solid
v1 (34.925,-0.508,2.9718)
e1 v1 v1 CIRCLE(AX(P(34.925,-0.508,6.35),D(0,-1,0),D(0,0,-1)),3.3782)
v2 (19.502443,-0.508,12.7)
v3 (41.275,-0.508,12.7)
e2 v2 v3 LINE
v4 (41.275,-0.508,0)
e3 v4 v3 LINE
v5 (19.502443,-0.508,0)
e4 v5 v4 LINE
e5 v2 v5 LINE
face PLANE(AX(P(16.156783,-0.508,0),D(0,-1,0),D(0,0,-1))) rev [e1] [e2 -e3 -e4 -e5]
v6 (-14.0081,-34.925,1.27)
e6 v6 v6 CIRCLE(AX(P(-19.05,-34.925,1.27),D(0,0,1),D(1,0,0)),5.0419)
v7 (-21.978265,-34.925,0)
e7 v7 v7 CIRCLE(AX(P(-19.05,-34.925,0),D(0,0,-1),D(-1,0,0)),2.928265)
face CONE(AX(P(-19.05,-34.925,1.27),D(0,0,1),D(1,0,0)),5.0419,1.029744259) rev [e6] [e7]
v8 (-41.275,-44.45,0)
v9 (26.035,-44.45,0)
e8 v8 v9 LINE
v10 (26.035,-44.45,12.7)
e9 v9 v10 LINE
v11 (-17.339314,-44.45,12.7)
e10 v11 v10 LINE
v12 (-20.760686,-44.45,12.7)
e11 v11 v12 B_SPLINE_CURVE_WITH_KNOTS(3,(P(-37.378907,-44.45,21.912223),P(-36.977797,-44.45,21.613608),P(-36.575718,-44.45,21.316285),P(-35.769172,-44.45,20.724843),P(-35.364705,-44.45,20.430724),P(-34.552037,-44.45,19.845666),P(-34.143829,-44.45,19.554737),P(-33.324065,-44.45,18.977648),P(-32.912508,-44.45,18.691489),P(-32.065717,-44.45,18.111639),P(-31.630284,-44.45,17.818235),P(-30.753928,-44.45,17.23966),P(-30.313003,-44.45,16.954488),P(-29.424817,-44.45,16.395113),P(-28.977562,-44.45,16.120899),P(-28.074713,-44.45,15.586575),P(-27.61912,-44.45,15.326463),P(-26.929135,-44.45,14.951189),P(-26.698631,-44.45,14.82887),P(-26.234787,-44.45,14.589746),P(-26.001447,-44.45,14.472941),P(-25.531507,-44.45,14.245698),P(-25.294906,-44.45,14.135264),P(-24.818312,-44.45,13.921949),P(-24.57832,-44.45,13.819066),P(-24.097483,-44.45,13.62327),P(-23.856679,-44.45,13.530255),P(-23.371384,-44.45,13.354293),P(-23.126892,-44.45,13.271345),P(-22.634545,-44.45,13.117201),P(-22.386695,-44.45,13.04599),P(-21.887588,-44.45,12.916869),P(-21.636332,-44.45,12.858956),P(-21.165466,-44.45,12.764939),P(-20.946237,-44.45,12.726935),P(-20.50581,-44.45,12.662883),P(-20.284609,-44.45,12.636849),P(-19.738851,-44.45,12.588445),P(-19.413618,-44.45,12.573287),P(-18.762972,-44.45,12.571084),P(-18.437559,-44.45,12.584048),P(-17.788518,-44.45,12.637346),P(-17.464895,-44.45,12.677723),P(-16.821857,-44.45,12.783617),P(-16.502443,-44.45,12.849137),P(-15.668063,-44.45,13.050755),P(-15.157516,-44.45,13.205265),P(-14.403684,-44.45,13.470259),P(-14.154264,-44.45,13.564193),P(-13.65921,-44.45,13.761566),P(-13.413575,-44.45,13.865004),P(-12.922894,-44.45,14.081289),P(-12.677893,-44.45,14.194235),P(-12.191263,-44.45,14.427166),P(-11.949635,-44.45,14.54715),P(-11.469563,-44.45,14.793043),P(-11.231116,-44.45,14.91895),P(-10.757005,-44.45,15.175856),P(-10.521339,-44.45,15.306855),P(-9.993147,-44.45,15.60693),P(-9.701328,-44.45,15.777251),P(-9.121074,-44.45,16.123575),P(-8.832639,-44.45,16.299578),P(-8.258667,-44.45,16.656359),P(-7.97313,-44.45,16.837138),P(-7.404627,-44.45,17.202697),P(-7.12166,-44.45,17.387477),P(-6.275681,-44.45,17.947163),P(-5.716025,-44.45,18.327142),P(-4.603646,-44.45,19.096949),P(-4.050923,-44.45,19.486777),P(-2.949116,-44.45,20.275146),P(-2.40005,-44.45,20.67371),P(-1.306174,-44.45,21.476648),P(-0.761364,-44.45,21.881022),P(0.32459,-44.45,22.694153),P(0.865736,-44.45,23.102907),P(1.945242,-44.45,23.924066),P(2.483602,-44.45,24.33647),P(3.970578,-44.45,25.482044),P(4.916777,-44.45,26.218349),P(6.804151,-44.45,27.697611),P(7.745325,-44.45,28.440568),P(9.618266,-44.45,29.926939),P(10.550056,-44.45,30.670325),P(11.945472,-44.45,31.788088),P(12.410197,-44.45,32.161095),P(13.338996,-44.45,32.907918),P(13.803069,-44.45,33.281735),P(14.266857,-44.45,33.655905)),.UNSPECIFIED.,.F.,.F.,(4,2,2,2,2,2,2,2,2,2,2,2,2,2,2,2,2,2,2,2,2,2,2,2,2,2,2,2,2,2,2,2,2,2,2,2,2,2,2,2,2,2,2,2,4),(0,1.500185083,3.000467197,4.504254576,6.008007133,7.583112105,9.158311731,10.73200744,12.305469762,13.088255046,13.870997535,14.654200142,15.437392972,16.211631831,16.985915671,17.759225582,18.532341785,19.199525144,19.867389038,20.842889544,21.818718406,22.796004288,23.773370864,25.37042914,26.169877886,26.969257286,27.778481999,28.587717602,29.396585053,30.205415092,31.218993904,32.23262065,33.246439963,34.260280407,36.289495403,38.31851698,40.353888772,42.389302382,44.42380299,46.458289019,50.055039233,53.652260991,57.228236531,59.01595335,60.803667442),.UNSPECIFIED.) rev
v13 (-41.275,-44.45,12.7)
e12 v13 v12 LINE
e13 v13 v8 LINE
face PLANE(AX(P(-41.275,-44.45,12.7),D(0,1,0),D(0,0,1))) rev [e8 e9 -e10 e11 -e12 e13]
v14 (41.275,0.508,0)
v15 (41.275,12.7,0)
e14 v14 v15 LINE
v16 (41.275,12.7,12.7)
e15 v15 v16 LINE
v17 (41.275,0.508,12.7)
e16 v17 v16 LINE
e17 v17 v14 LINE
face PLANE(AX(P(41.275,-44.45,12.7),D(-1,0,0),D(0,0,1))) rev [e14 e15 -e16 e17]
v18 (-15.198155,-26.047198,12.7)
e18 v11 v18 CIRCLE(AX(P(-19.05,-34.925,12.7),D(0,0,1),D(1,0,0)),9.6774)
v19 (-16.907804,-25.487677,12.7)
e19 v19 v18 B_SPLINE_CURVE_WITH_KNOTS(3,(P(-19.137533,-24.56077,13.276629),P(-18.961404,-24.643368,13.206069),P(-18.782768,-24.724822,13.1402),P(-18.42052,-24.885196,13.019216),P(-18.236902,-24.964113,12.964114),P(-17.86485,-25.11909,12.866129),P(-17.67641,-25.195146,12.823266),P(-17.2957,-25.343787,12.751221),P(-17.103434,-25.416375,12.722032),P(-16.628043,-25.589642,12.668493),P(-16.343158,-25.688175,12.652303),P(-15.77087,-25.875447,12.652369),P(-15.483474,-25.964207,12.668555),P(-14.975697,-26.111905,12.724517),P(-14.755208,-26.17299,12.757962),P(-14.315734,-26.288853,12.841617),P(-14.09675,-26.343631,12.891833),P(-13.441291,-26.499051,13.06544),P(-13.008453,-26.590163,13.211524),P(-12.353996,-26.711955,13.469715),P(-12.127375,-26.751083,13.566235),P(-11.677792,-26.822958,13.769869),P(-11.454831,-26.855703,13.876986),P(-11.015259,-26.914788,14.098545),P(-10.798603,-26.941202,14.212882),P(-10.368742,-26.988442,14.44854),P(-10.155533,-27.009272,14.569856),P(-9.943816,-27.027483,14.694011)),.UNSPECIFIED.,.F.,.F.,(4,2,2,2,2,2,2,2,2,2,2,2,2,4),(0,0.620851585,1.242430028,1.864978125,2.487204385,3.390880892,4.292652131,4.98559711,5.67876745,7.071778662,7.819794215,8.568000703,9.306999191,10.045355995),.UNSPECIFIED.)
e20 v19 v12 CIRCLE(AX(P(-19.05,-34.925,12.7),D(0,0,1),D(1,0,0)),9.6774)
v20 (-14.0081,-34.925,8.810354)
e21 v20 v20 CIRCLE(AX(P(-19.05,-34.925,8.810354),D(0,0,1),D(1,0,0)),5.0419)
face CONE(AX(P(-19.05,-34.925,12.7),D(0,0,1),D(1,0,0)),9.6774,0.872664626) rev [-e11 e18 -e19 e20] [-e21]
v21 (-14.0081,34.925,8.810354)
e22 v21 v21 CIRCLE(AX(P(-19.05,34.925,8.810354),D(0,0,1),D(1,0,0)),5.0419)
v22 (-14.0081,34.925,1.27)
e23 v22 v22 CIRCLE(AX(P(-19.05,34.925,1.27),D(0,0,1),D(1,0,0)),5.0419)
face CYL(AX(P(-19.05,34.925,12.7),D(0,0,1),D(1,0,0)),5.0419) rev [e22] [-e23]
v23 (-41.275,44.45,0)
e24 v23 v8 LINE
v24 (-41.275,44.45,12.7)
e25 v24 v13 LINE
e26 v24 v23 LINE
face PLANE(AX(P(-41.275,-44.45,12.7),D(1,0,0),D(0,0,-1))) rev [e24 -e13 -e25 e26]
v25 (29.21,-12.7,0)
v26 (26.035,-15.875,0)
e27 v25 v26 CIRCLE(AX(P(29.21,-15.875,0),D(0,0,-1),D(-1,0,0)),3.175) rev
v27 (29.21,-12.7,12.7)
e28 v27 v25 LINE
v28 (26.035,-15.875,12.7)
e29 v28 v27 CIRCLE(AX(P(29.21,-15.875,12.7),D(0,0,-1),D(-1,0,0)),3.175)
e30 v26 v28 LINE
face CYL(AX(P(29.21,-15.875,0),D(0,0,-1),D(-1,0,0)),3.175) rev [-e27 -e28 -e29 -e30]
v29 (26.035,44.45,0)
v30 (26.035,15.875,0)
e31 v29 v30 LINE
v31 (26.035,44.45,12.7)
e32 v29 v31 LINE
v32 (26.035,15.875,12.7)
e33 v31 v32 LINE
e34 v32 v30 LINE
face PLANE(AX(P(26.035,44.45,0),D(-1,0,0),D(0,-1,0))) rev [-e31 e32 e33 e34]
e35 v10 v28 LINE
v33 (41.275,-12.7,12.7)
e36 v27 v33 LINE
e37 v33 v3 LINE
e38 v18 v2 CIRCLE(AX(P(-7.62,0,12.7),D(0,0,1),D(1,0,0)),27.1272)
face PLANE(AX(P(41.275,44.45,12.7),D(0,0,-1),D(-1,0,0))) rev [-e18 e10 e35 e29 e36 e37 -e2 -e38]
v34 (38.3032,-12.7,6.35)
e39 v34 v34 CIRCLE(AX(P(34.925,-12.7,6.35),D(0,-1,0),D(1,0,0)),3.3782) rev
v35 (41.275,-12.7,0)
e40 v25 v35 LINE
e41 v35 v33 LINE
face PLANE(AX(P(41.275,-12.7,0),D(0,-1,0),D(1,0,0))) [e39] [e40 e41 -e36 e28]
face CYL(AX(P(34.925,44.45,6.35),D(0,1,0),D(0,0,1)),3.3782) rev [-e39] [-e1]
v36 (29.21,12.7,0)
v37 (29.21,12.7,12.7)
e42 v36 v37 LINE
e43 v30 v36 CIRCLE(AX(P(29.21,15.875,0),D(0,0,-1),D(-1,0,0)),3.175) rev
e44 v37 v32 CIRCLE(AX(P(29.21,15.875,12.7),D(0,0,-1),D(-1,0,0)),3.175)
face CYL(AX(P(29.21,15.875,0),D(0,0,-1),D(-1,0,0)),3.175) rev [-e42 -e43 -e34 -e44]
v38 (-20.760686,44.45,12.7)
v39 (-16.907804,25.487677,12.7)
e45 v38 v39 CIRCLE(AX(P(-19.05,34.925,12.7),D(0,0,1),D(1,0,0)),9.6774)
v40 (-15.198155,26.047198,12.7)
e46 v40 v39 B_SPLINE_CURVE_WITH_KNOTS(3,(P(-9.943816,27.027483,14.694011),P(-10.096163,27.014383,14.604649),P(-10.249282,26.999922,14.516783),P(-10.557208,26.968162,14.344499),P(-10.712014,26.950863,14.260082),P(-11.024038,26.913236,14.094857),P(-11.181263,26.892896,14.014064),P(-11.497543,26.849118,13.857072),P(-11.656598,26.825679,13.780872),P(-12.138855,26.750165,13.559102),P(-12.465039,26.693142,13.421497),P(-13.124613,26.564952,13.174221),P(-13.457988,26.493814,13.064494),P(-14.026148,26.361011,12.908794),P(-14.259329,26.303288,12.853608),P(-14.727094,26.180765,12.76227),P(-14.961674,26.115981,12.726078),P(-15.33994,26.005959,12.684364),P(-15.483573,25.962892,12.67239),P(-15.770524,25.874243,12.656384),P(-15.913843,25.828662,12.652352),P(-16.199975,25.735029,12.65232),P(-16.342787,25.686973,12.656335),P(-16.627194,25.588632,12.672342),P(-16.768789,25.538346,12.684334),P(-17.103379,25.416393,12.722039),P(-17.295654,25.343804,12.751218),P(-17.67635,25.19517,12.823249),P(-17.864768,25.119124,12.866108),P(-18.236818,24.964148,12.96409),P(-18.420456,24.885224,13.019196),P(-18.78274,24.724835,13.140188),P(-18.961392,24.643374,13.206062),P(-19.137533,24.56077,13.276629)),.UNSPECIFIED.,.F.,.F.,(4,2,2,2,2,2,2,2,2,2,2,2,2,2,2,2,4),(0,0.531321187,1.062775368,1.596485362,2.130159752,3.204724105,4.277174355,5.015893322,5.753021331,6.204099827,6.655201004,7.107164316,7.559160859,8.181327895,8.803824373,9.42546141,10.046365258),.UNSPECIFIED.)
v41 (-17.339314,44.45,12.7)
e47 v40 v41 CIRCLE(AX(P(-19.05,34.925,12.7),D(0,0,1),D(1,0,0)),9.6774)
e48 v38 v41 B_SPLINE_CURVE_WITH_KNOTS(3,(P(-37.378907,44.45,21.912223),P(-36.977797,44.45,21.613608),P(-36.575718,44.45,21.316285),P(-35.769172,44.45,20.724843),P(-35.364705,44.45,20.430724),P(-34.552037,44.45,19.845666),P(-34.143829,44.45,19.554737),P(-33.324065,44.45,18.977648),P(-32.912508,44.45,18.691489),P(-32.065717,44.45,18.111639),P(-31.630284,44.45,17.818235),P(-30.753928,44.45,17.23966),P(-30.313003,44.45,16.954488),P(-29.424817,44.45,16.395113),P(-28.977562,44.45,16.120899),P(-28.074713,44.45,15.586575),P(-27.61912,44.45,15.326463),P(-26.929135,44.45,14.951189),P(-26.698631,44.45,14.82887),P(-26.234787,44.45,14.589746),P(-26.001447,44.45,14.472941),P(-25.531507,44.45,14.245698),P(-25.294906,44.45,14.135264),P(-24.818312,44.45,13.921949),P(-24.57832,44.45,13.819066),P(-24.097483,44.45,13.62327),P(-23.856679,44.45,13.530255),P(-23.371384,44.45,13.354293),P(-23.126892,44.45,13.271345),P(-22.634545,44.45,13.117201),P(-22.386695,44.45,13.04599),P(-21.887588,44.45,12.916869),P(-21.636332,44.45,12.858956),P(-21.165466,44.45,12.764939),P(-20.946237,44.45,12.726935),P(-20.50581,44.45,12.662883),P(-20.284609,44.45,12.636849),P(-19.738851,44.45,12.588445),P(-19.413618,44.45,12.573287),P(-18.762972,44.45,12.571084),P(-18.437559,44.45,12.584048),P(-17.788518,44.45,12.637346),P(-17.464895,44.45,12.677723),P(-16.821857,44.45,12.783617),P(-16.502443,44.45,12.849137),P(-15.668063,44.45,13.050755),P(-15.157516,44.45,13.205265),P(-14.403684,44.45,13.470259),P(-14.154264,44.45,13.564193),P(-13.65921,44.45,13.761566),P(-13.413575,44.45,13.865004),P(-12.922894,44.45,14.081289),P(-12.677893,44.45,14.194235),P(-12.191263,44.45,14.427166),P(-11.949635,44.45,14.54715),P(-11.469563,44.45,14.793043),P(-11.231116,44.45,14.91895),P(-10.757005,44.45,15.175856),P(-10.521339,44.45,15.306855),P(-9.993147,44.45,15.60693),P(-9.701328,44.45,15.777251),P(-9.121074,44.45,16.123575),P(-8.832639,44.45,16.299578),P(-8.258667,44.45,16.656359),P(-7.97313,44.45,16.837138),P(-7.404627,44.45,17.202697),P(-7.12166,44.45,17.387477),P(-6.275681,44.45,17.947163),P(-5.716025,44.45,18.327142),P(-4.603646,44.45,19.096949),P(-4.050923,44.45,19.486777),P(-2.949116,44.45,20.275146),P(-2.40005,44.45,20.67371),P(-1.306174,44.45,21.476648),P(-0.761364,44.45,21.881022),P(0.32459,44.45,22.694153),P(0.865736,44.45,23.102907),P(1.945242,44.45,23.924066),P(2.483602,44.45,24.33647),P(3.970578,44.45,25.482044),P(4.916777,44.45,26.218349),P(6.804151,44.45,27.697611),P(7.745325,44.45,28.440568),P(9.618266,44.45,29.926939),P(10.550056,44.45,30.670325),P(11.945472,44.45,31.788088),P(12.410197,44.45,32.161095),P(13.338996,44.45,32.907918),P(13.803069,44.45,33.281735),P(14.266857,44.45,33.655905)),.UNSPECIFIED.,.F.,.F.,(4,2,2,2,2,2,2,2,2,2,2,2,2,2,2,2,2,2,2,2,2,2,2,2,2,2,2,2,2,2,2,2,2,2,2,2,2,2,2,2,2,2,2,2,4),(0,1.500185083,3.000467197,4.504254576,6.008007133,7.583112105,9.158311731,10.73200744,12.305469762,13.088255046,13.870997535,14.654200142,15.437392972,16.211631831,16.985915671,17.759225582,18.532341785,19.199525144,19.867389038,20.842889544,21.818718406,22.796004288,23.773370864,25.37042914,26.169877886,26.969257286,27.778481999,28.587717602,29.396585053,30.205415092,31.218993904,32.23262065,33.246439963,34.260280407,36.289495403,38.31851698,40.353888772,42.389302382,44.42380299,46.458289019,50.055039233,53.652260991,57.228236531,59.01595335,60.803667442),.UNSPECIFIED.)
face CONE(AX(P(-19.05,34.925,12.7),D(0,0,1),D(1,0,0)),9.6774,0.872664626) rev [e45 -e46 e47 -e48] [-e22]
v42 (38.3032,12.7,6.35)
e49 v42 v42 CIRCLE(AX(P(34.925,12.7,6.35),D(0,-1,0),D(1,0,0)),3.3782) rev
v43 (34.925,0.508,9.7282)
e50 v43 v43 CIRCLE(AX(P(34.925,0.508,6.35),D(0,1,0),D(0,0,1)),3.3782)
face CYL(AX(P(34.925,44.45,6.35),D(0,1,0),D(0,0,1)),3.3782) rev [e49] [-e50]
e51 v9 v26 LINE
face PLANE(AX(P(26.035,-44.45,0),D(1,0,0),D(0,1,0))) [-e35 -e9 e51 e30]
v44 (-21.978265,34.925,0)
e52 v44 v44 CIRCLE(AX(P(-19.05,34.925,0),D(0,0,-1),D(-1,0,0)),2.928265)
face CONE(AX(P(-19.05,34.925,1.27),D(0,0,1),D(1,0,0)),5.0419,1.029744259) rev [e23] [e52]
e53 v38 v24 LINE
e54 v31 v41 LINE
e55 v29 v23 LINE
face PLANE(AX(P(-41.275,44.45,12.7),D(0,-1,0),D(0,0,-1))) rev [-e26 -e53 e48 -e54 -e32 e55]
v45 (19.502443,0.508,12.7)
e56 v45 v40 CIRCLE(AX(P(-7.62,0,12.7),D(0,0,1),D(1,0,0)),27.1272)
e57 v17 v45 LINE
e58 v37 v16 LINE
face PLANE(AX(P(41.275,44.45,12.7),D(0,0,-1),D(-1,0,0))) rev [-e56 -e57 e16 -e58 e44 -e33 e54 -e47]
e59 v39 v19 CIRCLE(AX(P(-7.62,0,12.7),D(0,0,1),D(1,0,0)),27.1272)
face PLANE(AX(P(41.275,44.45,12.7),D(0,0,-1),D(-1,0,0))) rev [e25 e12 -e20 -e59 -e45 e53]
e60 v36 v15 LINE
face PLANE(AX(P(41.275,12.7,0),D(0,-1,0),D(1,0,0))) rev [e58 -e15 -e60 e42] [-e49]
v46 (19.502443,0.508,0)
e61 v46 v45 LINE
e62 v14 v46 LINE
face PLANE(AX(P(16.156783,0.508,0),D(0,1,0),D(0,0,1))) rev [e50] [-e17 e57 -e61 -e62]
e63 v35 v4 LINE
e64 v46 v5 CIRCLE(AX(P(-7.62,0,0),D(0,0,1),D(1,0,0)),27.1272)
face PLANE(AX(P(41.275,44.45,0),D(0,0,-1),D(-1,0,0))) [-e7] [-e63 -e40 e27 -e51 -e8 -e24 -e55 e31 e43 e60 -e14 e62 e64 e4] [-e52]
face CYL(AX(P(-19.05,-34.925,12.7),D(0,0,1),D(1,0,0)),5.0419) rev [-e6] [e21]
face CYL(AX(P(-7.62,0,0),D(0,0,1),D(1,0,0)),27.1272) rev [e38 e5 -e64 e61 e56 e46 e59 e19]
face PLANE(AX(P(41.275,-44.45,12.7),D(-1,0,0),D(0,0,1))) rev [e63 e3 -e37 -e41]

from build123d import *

# Parameters (mm, degrees)
SKETCH1_W               = 82.55
SKETCH1_H               = 88.9
EXTRUDE1_DEPTH          = 12.7
SKETCH2_R               = 27.1272
EXTRUDE2_DEPTH          = 62.973527615
SKETCH3_W               = 28.468633454
SKETCH3_H               = 1.016
EXTRUDE3_DEPTH          = 62.973527615
F_1_4_CLEARANCE_HOLE1_D = 6.7564
SKETCH10_W              = 15.24
SKETCH10_H              = 31.75
EXTRUDE4_DEPTH          = 62.973527707
FILLET1_R               = 3.175


with BuildPart() as part:
    # Sketch1 → Extrude1 (new body)
    with BuildSketch(Plane.XY):
        Rectangle(SKETCH1_W, SKETCH1_H)
    extrude(amount=EXTRUDE1_DEPTH)

    # Sketch2 → Extrude2 (cut, through all)
    with BuildSketch(Plane.XY.offset(12.7)):
        with Locations((-7.62, 0)):
            Circle(SKETCH2_R)
    extrude(amount=-EXTRUDE2_DEPTH, mode=Mode.SUBTRACT)

    # Sketch3 → Extrude3 (cut, through all)
    with BuildSketch(Plane.XY.offset(12.7)):
        with Locations((30.3911, 0)):
            Rectangle(SKETCH3_W, SKETCH3_H)
    extrude(amount=-EXTRUDE3_DEPTH, mode=Mode.SUBTRACT)

    # 1/4 Clearance Hole1 (through all)
    with Locations(Plane(origin=(34.925, 44.45, 6.35), x_dir=(0, 0, 1), z_dir=(0, 1, 0))):
        with Locations((0, 0)):
            Hole(F_1_4_CLEARANCE_HOLE1_D / 2)

    # Sketch9 → CSK for 3/8 Flat Head Machine Screw (100)1 (revolve, cut)
    with BuildSketch(Plane(origin=(-19.05, 34.925, 12.7), x_dir=(0, -1, 0), z_dir=(1, 0, 0))):
        Polygon((0, 0), (0, 14.459479155), (5.0419, 11.43), (5.0419, 3.88964634), (9.6774, 0), align=None)
    csk_for_3_8_flat_head_machine_screw_100 = revolve(axis=Axis((-19.05, 34.925, 19.05), (0, 0, -1)), mode=Mode.SUBTRACT)

    # Mirror1: CSK for 3/8 Flat Head Machine Screw (100)1 across plane
    add(csk_for_3_8_flat_head_machine_screw_100.mirror(Plane.ZX), mode=Mode.SUBTRACT)

    # Sketch10 → Extrude4 (cut, through all)
    with BuildSketch(Plane.XY.offset(12.7)):
        with Locations((33.655, 28.575)):
            Rectangle(SKETCH10_W, SKETCH10_H)
    extrude4 = extrude(amount=-EXTRUDE4_DEPTH, mode=Mode.SUBTRACT)

    # Mirror2: Extrude4 across plane
    add(extrude4.mirror(Plane.ZX), mode=Mode.SUBTRACT)

    # Fillet1
    fillet1_edges = [part.edges().sort_by_distance(p)[0] for p in [
        (26.035, -12.7, 6.35),
        (26.035, 12.7, 6.35),
    ]]
    fillet(fillet1_edges, radius=FILLET1_R)


solid = part.part
